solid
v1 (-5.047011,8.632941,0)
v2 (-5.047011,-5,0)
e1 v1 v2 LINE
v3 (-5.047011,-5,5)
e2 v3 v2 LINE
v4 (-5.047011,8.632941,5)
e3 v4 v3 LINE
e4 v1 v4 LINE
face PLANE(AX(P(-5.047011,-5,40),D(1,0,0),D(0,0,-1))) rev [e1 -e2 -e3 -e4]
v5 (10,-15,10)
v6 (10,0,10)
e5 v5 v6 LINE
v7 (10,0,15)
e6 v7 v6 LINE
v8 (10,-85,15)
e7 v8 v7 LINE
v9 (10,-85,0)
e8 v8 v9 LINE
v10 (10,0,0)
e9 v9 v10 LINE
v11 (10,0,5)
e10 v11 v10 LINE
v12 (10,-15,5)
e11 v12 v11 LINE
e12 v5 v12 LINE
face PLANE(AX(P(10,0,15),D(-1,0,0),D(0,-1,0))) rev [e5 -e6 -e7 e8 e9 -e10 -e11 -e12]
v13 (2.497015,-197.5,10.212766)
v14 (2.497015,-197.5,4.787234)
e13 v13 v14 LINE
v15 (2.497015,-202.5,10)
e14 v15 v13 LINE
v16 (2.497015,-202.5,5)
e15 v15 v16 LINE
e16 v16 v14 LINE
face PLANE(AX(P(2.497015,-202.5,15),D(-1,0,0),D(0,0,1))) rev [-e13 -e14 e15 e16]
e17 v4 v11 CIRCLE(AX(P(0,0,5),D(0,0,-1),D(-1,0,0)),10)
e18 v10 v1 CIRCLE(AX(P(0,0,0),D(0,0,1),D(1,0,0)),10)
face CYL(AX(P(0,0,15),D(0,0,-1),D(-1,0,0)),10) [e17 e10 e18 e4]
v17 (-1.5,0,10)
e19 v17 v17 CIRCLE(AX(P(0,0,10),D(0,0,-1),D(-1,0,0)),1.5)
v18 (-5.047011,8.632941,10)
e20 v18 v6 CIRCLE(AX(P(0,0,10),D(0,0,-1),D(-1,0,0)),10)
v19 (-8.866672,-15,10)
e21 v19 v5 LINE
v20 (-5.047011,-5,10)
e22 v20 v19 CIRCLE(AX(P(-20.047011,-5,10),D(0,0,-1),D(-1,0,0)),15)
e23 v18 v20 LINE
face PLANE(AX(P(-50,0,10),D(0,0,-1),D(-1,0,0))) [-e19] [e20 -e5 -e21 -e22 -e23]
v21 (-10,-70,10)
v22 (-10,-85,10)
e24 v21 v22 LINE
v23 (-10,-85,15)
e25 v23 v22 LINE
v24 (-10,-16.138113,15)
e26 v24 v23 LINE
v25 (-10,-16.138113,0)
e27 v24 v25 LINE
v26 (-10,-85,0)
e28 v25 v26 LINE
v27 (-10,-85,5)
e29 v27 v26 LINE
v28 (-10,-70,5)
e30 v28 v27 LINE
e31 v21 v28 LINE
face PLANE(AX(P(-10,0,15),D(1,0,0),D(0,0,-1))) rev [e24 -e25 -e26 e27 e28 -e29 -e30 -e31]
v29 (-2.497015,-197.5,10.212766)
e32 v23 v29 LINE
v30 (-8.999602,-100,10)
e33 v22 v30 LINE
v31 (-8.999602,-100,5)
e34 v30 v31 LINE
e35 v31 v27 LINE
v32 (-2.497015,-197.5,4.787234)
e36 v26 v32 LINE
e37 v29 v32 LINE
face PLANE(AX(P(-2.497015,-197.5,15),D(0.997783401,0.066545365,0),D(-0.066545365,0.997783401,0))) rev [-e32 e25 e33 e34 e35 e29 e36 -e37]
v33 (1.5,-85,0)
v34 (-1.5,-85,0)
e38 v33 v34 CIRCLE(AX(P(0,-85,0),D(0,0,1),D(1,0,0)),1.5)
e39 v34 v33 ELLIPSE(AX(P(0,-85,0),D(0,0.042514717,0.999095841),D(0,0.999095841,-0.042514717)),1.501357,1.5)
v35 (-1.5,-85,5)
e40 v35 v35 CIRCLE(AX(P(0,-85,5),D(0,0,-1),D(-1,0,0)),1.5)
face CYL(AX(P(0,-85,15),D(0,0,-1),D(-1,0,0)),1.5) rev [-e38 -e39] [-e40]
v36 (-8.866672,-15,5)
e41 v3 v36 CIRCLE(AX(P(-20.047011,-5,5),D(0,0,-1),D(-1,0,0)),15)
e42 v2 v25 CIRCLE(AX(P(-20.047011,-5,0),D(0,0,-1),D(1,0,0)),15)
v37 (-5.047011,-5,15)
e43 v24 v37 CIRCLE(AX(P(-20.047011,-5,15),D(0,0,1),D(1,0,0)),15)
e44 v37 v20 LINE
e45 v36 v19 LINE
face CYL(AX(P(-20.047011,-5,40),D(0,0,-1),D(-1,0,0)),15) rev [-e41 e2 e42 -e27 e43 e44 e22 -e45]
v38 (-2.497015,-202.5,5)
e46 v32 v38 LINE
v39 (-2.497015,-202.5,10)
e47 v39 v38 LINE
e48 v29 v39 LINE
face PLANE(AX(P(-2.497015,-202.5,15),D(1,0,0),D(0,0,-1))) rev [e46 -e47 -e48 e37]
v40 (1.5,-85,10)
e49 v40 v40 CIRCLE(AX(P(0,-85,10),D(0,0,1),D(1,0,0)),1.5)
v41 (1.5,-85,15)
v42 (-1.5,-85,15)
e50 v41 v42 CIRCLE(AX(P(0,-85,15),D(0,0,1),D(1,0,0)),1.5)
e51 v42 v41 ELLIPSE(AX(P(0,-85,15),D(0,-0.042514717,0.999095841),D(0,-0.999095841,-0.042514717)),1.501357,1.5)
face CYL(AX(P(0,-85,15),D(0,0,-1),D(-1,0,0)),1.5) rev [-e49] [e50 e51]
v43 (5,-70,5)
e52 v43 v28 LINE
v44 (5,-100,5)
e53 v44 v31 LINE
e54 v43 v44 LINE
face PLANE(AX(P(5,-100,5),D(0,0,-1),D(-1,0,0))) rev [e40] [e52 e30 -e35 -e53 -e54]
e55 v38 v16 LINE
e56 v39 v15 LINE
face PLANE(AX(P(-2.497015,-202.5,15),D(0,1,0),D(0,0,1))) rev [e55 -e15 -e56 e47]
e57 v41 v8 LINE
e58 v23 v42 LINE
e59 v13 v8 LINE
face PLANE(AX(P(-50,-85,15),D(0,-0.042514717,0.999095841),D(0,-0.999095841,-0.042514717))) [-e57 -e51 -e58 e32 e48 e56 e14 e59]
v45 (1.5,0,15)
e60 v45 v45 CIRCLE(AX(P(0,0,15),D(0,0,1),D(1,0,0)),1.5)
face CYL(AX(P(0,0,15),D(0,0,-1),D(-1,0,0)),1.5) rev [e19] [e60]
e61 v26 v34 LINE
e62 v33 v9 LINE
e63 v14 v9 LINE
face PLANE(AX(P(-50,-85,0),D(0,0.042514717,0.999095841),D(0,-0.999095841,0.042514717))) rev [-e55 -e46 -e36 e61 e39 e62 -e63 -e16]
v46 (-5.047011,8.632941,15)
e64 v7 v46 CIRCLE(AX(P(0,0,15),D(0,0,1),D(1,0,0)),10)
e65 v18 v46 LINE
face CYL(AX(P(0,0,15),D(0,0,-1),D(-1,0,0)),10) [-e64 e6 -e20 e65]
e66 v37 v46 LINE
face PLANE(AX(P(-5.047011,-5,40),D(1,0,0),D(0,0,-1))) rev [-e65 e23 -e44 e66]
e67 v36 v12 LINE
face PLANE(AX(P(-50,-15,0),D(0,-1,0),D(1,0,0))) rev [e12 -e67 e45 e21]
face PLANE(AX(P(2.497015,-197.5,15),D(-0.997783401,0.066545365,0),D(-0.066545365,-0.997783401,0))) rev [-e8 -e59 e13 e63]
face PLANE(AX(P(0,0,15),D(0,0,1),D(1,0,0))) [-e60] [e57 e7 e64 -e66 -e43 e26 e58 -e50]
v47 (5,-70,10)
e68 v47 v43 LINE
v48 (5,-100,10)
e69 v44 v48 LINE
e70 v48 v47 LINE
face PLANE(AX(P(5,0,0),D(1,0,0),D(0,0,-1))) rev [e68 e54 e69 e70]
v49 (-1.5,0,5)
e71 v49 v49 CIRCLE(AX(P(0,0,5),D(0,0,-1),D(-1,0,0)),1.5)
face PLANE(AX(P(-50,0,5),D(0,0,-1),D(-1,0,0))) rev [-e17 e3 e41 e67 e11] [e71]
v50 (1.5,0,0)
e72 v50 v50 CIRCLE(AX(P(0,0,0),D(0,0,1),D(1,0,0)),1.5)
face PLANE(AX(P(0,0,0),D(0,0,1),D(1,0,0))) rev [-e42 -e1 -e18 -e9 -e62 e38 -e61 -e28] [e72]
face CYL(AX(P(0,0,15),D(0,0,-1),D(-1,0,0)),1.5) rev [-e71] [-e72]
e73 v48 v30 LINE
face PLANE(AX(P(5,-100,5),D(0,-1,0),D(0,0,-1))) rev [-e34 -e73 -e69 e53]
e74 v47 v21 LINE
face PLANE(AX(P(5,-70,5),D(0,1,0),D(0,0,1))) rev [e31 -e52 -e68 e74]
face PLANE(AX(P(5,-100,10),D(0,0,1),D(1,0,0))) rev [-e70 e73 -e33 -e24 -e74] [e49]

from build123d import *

# Parameters (mm, degrees)
CROQUIS1_R              = 1.5
SALIENTE_EXTRUIR1_DEPTH = 15
CROQUIS2_W              = 5
CROQUIS2_H              = 15
CROQUIS2_H_2            = 35
CORTAR_EXTRUIR1_DEPTH   = 60
CROQUIS4_W              = 5
CROQUIS4_H              = 30
CORTAR_EXTRUIR2_DEPTH   = 15
CORTAR_EXTRUIR3_DEPTH   = 40


with BuildPart() as part:
    # Croquis1 → Saliente-Extruir1 (new body)
    with BuildSketch(Plane.XY):
        with BuildLine():
            Line((10, 0), (10, -85))
            Line((10, -85), (2.49701529, -197.5))
            Line((2.49701529, -197.5), (2.49701529, -202.5))
            Line((2.49701529, -202.5), (-2.49701529, -202.5))
            Line((-2.49701529, -202.5), (-2.49701529, -197.5))
            Line((-2.49701529, -197.5), (-10, -85))
            Line((-10, -85), (-10, 0))
            ThreePointArc((-10, 0), (0, 10), (10, 0))
        make_face()
        with Locations((0, -85)):
            Circle(CROQUIS1_R, mode=Mode.SUBTRACT)
        Circle(CROQUIS1_R, mode=Mode.SUBTRACT)
    extrude(amount=SALIENTE_EXTRUIR1_DEPTH)

    # Croquis2 → Cortar-Extruir1 (cut)
    with BuildSketch(Plane(origin=(10, 0, 0), x_dir=(0, 0, -1), z_dir=(1, 0, 0))):
        with Locations((-7.5, -7.5)):
            Rectangle(CROQUIS2_W, CROQUIS2_H)
        with Locations((-7.5, 17.5)):
            Rectangle(CROQUIS2_W, CROQUIS2_H_2)
        Polygon((-15, -85), (-10, -202.5), (-18.081893827, -208.021253548), align=None)
        Polygon((-5, -202.5), (3.081893827, -208.021253548), (0, -85), align=None)
    extrude(amount=-CORTAR_EXTRUIR1_DEPTH, mode=Mode.SUBTRACT)

    # Croquis4 → Cortar-Extruir2 (cut)
    with BuildSketch(Plane.ZY.offset(10)):
        with Locations((7.5, -85)):
            Rectangle(CROQUIS4_W, CROQUIS4_H)
    extrude(amount=-CORTAR_EXTRUIR2_DEPTH, mode=Mode.SUBTRACT)

    # Croquis5 → Cortar-Extruir3 (cut)
    with BuildSketch(Plane(origin=(0, 0, 0), x_dir=(-1, 0, 0), z_dir=(0, 0, -1))):
        with BuildLine():
            Line((20.047011477, -20), (24.874582677, -20))
            Line((24.874582677, -20), (24.874582677, 13.063406197))
            Line((24.874582677, 13.063406197), (10, 13.063406197))
            Line((10, 13.063406197), (10, 14.482732523))
            Line((10, 14.482732523), (5.047011477, 14.482732523))
            Line((5.047011477, 14.482732523), (5.047011477, -5))
            ThreePointArc((5.047011477, -5), (9.440409759, -15.606601718), (20.047011477, -20))
        make_face()
    extrude(amount=-CORTAR_EXTRUIR3_DEPTH, mode=Mode.SUBTRACT)


solid = part.part
